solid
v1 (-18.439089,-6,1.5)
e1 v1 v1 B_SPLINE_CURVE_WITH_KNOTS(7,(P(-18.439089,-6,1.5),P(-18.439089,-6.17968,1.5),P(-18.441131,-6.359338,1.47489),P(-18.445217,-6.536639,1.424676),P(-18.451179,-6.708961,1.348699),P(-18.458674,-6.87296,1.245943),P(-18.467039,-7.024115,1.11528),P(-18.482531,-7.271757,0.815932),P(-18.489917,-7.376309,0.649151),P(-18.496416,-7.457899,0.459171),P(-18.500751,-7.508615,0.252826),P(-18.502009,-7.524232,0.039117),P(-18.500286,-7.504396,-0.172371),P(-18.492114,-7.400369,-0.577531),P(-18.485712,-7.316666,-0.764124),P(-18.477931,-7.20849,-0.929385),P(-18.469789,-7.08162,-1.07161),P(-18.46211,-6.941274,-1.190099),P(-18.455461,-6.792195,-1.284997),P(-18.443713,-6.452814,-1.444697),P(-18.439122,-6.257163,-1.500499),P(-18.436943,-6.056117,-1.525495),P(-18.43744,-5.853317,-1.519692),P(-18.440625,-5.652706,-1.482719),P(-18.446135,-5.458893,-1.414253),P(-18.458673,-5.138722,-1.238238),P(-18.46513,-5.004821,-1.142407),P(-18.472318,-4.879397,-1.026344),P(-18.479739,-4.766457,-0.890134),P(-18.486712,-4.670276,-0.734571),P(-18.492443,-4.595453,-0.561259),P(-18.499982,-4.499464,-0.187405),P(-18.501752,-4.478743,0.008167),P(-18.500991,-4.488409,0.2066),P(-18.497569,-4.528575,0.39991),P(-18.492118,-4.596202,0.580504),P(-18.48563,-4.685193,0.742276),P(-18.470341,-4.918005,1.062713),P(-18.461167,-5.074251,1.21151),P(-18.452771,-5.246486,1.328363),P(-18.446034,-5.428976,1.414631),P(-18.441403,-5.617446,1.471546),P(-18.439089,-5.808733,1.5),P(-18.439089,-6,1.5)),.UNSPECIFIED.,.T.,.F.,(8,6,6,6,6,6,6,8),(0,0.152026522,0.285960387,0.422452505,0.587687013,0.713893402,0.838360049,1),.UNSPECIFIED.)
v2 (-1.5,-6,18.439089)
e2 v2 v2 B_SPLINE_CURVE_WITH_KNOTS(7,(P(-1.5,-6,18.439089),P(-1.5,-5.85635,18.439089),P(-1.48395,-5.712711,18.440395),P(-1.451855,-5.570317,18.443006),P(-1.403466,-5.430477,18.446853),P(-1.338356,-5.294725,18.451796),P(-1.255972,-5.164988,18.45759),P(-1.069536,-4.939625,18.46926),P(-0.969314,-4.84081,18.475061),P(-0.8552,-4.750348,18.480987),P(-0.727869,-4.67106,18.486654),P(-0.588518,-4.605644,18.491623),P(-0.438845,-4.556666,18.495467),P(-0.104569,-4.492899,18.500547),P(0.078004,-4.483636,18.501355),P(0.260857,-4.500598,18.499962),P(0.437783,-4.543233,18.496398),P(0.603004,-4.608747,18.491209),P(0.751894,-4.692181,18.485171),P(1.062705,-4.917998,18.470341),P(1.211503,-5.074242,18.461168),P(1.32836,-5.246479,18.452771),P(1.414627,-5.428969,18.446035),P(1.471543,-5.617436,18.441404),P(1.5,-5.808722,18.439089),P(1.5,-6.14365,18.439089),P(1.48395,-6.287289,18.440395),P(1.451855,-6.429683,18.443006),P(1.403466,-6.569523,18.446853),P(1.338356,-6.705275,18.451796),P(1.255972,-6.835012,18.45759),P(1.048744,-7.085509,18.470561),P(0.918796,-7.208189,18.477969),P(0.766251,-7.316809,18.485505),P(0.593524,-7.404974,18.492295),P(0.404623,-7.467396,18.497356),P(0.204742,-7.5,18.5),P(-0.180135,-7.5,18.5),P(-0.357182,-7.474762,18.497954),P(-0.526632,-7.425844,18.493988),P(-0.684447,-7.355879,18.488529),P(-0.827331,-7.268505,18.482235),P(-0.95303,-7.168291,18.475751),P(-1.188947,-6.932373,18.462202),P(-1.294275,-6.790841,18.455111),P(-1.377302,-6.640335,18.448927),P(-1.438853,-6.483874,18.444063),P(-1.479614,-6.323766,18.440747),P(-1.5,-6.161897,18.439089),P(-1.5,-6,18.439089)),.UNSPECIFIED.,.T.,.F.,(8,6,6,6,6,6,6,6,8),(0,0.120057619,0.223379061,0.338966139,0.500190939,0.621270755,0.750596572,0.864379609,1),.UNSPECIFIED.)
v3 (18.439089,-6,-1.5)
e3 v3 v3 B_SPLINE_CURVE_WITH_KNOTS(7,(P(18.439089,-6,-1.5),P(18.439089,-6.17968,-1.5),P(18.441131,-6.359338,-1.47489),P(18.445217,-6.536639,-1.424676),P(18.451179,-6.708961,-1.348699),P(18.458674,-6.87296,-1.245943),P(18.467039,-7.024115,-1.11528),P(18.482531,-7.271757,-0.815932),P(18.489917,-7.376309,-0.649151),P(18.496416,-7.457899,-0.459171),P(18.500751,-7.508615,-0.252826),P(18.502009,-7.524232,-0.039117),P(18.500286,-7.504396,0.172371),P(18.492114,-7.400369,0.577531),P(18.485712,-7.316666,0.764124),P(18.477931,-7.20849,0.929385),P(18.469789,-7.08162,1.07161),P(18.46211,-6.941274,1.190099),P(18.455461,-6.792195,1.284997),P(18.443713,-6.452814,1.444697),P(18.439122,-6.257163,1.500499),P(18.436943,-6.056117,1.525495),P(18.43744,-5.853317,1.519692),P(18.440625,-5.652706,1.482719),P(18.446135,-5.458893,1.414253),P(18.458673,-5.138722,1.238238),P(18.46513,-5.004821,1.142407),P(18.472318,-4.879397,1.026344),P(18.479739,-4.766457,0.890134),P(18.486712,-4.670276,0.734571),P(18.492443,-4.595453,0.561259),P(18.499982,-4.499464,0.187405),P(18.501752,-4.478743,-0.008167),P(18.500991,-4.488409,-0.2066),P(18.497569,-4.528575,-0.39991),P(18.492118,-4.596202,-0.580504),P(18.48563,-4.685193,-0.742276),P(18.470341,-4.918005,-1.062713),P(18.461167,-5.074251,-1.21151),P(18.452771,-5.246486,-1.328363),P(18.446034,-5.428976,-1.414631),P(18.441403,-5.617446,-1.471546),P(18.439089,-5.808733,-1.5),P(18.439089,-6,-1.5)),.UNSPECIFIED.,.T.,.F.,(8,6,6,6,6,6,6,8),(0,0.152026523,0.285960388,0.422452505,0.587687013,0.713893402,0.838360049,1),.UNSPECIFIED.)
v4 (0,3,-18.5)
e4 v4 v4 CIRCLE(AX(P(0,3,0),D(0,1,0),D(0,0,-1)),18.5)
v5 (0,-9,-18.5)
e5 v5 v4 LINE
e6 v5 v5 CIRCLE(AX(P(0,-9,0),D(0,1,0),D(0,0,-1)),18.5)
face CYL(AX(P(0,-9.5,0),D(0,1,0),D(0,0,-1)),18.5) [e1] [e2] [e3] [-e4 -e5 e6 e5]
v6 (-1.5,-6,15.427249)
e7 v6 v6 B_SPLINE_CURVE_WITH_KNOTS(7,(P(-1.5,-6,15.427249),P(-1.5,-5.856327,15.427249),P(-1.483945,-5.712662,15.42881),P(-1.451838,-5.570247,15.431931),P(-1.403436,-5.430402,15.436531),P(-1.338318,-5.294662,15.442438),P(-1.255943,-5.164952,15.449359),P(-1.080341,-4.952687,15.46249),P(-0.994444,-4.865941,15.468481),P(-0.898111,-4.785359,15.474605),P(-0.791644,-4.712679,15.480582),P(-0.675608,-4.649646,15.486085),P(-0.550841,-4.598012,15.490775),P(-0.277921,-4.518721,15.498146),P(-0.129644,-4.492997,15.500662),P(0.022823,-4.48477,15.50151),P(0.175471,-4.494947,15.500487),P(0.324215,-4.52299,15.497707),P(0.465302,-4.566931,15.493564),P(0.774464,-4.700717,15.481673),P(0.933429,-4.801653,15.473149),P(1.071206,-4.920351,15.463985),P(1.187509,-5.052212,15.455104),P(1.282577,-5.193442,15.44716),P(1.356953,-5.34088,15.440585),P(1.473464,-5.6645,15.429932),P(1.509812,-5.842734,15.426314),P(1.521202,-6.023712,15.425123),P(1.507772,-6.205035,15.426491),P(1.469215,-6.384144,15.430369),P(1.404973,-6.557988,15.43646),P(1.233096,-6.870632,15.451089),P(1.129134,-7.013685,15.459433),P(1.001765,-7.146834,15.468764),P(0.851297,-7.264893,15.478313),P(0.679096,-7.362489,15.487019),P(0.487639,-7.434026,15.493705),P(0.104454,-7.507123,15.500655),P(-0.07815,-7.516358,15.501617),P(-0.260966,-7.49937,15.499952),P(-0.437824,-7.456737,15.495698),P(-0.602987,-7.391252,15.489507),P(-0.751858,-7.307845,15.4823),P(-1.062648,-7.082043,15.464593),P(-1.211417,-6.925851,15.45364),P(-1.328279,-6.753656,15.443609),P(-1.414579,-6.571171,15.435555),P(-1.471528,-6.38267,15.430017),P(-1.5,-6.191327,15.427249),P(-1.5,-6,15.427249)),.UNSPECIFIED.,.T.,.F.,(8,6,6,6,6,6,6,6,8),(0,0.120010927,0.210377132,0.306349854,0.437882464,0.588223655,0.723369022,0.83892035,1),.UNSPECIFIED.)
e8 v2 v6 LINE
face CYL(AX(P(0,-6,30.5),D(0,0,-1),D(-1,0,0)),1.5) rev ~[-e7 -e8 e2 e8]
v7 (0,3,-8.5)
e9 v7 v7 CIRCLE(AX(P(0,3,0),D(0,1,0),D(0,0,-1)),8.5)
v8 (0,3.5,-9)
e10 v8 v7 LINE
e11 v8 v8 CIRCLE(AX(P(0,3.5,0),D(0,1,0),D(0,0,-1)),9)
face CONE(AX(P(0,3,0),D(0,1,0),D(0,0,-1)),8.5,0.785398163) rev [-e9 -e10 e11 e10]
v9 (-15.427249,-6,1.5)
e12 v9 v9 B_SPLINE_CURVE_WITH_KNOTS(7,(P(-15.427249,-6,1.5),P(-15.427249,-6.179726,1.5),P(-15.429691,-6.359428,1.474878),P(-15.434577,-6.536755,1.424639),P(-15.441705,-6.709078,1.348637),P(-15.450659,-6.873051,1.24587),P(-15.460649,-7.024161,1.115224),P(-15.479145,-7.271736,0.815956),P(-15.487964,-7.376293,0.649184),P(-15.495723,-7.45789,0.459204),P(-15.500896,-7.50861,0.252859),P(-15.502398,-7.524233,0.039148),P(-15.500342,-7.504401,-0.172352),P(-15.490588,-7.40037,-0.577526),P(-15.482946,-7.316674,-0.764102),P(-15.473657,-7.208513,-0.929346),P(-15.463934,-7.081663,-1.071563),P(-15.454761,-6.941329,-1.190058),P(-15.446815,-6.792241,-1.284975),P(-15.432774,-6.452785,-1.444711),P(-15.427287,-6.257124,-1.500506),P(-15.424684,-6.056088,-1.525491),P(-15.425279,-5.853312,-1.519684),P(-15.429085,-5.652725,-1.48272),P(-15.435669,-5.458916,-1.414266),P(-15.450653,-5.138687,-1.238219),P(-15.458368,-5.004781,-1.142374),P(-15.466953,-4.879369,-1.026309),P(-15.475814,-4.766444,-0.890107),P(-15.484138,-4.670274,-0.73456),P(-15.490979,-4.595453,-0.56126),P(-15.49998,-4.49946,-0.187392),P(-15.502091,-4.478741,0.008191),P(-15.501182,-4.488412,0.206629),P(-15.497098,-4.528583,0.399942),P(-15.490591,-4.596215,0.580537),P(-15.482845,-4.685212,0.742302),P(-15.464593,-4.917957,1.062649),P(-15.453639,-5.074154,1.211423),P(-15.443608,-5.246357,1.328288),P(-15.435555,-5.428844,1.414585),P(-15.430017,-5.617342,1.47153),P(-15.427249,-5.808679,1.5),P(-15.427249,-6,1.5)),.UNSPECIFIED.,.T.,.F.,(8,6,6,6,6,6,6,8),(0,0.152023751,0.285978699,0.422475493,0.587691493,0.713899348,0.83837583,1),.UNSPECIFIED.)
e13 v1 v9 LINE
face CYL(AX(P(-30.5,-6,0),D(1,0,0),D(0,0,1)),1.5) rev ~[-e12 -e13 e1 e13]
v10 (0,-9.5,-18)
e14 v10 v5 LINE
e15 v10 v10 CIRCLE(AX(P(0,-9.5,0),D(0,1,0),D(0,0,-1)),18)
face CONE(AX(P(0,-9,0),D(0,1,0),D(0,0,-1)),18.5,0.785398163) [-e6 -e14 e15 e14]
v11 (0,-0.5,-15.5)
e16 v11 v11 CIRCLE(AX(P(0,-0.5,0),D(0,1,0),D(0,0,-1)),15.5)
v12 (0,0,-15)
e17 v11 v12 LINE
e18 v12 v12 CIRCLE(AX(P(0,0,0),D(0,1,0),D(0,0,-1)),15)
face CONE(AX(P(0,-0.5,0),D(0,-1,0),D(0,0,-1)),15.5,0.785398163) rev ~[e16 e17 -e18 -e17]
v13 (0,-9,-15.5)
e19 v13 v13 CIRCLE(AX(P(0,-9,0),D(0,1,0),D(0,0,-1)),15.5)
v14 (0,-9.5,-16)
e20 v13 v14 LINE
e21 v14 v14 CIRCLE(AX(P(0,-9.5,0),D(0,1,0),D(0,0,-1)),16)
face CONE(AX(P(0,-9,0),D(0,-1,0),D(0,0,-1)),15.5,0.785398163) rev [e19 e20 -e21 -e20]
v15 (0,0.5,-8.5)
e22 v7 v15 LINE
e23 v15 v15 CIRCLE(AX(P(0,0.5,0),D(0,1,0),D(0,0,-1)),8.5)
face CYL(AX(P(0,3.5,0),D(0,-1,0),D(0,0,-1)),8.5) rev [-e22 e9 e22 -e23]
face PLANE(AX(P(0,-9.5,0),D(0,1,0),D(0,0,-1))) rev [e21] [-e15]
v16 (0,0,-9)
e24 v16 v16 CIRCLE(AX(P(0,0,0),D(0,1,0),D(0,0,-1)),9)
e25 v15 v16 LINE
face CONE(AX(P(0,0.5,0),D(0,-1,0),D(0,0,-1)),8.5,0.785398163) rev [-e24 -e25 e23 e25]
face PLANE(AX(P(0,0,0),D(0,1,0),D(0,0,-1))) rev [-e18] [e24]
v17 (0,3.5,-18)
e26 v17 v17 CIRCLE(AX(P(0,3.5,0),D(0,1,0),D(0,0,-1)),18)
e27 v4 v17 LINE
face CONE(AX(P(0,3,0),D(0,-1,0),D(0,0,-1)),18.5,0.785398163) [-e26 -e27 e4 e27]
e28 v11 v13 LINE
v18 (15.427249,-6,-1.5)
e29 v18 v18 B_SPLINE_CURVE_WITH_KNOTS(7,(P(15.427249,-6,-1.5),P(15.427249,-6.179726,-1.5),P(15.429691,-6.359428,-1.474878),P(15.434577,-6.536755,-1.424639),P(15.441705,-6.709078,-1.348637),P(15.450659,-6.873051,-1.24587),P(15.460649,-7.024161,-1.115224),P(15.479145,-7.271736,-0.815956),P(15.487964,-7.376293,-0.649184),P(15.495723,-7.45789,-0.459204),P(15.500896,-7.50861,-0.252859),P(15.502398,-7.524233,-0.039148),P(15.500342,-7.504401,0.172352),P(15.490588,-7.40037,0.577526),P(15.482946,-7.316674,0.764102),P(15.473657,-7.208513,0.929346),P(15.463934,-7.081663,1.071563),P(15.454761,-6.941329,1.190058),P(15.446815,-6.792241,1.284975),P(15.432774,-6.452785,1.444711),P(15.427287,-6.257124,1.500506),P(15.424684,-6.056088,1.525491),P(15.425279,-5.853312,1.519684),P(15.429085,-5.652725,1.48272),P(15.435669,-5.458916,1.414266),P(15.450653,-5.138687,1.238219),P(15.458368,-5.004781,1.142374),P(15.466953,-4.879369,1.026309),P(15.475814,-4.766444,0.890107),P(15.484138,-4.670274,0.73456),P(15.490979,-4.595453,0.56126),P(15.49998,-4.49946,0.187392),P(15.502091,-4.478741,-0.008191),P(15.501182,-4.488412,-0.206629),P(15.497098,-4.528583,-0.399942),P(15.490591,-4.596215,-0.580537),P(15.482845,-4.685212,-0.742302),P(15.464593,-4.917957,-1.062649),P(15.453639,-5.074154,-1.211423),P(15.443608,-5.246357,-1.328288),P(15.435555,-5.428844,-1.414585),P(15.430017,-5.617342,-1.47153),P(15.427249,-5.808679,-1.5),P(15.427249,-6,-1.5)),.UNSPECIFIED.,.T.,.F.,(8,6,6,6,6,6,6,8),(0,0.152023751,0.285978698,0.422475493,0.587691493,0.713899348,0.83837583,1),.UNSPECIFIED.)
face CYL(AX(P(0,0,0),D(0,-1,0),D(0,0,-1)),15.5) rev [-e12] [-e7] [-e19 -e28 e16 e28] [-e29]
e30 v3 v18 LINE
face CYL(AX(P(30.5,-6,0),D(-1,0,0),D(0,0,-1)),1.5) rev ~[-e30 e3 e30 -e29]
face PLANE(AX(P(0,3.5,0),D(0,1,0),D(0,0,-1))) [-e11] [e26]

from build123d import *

# Parameters (mm, degrees)
CHAMFER1_SIZE                          = 0.5
F_3_0_3_DIAMETER_HOLE1_D               = 3
F_3_0_3_DIAMETER_HOLE1_DEPTH           = 12
F_3_0_3_DIAMETER_HOLE1_TIP             = 0.901290929
F_3_0_3_DIAMETER_HOLE1_ON_FACE_2_D     = 3
F_3_0_3_DIAMETER_HOLE1_ON_FACE_2_DEPTH = 12
F_3_0_3_DIAMETER_HOLE1_ON_FACE_2_TIP   = 0.901290929
F_3_0_3_DIAMETER_HOLE1_ON_FACE_3_D     = 3
F_3_0_3_DIAMETER_HOLE1_ON_FACE_3_DEPTH = 12
F_3_0_3_DIAMETER_HOLE1_ON_FACE_3_TIP   = 0.901290929


with BuildPart() as part:
    # Sketch2 → Revolve1 (revolve)
    with BuildSketch(Plane.XY, mode=Mode.PRIVATE) as revolve1_sk:
        Polygon((15.5, 0), (15.5, -9.5), (18.5, -9.5), (18.5, 3.5), (8.5, 3.5), (8.5, 0), align=None)
    revolve(revolve1_sk.sketch.rotate(Axis((0, 0, 0), (0, 1, 0)), 90), axis=Axis((0, 0, 0), (0, 1, 0)))  # turned: the seam where the file's is

    # Chamfer1
    chamfer1_edges = [part.edges().sort_by_distance(p)[0] for p in [
        (0, 0, 8.5),
        (0, 0, 15.5),
        (0, -9.5, 15.5),
        (0, -9.5, 18.5),
        (0, 3.5, 18.5),
        (0, 3.5, 8.5),
    ]]
    chamfer(chamfer1_edges, length=CHAMFER1_SIZE)

    # Ø3.0 (3) Diameter Hole1
    with Locations(Plane(origin=(-18.5, -6, 0), x_dir=(0, 0, -1), z_dir=(-1, 0, 0))):
        with Locations((0, 0)):
            Hole(F_3_0_3_DIAMETER_HOLE1_D / 2, depth=F_3_0_3_DIAMETER_HOLE1_DEPTH)
            with Locations((0, 0, -(F_3_0_3_DIAMETER_HOLE1_DEPTH + F_3_0_3_DIAMETER_HOLE1_TIP / 2))):  # 118° drill point
                Cone(0, F_3_0_3_DIAMETER_HOLE1_D / 2, F_3_0_3_DIAMETER_HOLE1_TIP, mode=Mode.SUBTRACT)

    # Ø3.0 (3) Diameter Hole1 on face 2
    with Locations(Plane(origin=(0, -6, 18.5), x_dir=(1, 0, 0), z_dir=(0, 0, 1))):
        with Locations((0, 0)):
            Hole(F_3_0_3_DIAMETER_HOLE1_ON_FACE_2_D / 2, depth=F_3_0_3_DIAMETER_HOLE1_ON_FACE_2_DEPTH)
            with Locations((0, 0, -(F_3_0_3_DIAMETER_HOLE1_ON_FACE_2_DEPTH + F_3_0_3_DIAMETER_HOLE1_ON_FACE_2_TIP / 2))):  # 118° drill point
                Cone(0, F_3_0_3_DIAMETER_HOLE1_ON_FACE_2_D / 2, F_3_0_3_DIAMETER_HOLE1_ON_FACE_2_TIP, mode=Mode.SUBTRACT)

    # Ø3.0 (3) Diameter Hole1 on face 3
    with Locations(Plane(origin=(18.5, -6, 0), x_dir=(0, 0, 1), z_dir=(1, 0, 0))):
        with Locations((0, 0)):
            Hole(F_3_0_3_DIAMETER_HOLE1_ON_FACE_3_D / 2, depth=F_3_0_3_DIAMETER_HOLE1_ON_FACE_3_DEPTH)
            with Locations((0, 0, -(F_3_0_3_DIAMETER_HOLE1_ON_FACE_3_DEPTH + F_3_0_3_DIAMETER_HOLE1_ON_FACE_3_TIP / 2))):  # 118° drill point
                Cone(0, F_3_0_3_DIAMETER_HOLE1_ON_FACE_3_D / 2, F_3_0_3_DIAMETER_HOLE1_ON_FACE_3_TIP, mode=Mode.SUBTRACT)


solid = part.part
